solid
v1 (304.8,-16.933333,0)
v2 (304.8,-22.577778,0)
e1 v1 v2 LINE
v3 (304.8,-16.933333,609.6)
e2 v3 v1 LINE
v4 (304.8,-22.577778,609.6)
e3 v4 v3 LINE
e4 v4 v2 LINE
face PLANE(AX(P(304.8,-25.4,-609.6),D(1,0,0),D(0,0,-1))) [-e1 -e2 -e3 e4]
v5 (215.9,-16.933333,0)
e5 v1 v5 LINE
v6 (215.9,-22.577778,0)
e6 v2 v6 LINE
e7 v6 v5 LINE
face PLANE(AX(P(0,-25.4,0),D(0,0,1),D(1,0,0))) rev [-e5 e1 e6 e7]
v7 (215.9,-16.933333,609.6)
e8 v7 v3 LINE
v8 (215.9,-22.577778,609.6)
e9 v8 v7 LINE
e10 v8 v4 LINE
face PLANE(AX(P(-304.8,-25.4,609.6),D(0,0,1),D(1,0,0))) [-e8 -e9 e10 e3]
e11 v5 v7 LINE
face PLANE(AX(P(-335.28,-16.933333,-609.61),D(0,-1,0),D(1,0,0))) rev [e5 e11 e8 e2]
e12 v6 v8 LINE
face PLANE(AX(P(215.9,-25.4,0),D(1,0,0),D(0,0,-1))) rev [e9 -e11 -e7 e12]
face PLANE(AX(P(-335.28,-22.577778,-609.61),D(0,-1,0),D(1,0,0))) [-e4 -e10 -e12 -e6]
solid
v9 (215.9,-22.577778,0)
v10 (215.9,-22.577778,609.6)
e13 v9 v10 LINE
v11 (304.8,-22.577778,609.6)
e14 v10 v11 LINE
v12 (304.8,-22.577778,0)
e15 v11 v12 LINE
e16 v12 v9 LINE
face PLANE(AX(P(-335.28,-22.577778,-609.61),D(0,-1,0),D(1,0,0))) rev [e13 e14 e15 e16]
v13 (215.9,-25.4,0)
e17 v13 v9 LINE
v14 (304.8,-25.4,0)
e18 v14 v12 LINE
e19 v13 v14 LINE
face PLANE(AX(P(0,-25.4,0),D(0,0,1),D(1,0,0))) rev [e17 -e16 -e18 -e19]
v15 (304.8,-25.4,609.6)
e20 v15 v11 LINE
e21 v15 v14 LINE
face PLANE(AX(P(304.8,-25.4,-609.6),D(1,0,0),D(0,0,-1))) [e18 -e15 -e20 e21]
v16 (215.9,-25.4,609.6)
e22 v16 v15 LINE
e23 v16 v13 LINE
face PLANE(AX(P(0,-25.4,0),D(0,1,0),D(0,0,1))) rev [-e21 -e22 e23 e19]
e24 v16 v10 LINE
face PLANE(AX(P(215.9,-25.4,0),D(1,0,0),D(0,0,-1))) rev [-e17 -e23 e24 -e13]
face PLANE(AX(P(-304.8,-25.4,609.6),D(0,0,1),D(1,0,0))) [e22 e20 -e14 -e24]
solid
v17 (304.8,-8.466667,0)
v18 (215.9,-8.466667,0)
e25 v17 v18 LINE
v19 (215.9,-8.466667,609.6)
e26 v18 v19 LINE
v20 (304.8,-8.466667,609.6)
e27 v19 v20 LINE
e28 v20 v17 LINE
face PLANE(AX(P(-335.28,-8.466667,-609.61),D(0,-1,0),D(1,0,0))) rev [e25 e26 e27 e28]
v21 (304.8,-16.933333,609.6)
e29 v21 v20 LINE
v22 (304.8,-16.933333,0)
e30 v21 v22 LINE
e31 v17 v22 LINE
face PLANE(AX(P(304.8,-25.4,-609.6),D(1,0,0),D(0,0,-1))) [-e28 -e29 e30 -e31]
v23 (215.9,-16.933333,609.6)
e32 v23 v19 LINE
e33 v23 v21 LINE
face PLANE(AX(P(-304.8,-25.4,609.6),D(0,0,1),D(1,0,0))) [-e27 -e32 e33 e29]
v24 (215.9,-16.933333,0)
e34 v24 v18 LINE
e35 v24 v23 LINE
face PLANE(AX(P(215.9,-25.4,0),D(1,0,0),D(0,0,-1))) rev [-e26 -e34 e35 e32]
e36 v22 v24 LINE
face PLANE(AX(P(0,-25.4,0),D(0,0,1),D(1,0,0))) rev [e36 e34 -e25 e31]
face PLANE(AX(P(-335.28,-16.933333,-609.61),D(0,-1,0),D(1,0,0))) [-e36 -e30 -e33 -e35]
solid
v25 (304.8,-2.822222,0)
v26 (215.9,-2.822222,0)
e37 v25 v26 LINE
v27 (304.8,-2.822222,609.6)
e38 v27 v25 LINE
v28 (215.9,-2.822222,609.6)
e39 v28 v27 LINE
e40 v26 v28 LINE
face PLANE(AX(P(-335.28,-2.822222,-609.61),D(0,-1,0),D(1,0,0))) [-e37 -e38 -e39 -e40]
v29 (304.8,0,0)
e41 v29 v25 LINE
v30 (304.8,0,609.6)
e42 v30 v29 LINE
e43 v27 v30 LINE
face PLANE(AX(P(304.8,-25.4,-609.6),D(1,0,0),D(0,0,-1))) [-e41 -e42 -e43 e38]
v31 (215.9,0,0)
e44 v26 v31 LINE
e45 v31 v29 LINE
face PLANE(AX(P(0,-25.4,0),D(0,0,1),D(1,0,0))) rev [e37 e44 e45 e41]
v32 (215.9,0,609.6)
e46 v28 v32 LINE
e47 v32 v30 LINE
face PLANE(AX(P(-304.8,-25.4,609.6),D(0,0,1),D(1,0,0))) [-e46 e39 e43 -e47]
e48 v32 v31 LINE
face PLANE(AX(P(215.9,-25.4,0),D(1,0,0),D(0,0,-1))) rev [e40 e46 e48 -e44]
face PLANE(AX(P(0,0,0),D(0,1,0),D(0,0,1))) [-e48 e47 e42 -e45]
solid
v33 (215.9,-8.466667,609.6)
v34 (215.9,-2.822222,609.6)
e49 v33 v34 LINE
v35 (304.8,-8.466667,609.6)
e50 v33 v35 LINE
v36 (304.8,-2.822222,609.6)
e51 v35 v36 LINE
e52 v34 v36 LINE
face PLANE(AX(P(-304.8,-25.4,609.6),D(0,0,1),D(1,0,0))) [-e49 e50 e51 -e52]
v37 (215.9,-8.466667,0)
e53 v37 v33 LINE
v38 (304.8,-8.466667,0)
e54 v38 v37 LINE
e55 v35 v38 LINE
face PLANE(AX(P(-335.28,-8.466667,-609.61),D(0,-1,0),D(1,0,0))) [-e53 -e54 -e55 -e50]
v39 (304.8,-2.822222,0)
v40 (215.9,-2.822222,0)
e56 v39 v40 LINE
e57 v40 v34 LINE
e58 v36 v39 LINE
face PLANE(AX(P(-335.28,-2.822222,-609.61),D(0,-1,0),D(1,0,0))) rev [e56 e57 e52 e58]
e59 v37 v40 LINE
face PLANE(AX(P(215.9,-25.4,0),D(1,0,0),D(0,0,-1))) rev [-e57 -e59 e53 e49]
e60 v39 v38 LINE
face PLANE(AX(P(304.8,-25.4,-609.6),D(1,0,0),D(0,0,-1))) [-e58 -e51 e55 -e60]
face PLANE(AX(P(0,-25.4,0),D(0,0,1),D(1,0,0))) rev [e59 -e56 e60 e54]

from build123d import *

# Parameters (mm, degrees)
SKETCH3_W                = 609.6
SKETCH3_H                = 1219.2
BOSS_EXTRUDE1_DEPTH      = 25.4
SPLIT1_SURFACE_1_1_BACK  = 1364.344
SPLIT1_SURFACE_1_1_DEPTH = 2728.688
SPLIT1_SURFACE_1_2_BACK  = 1364.344
SPLIT1_SURFACE_1_2_DEPTH = 2728.688
SPLIT1_SURFACE_2_3_BACK  = 1364.344
SPLIT1_SURFACE_2_3_DEPTH = 2728.688
SPLIT1_SURFACE_2_4_BACK  = 1364.344
SPLIT1_SURFACE_2_4_DEPTH = 2728.688
SPLIT1_SURFACE_3_5_BACK  = 1364.344
SPLIT1_SURFACE_3_5_DEPTH = 2728.688
SPLIT1_SURFACE_3_6_BACK  = 1364.344
SPLIT1_SURFACE_3_6_DEPTH = 2728.688
SPLIT1_SURFACE_4_7_BACK  = 1364.344
SPLIT1_SURFACE_4_7_DEPTH = 2728.688
SPLIT1_SURFACE_4_8_BACK  = 1364.344
SPLIT1_SURFACE_4_8_DEPTH = 2728.688
CUT_EXTRUDE1_DEPTH       = 25.4


with BuildPart() as part:
    # Sketch3 → Boss-Extrude1 (new body)
    with BuildSketch(Plane(origin=(0, 0, 0), x_dir=(1, 0, 0), z_dir=(0, 1, 0))):
        Rectangle(SKETCH3_W, SKETCH3_H)
    extrude(amount=-BOSS_EXTRUDE1_DEPTH)


with BuildPart() as body_2:
    # Split1: the piece behind the surface
    add(part.part)
    # Split1 surface 1: a surface, the sketch's curves swept straight by 2728.688 mm
    with BuildLine(Plane.XY.offset(-SPLIT1_SURFACE_1_1_BACK), mode=Mode.PRIVATE) as split1_surface_1_1_path:
        Line((-335.28, -22.577777778), (335.28, -22.577777778))
    split1_surface_1_1 = Shell.extrude(split1_surface_1_1_path.wire(), (0 * SPLIT1_SURFACE_1_1_DEPTH, 0 * SPLIT1_SURFACE_1_1_DEPTH, 1 * SPLIT1_SURFACE_1_1_DEPTH))
    split(bisect_by=split1_surface_1_1, keep=Keep.BOTTOM)


with BuildPart() as part_1:
    add(part.part)

    # Split1: split by a surface, the side it looks to stays
    # Split1 surface 1: a surface, the sketch's curves swept straight by 2728.688 mm
    with BuildLine(Plane.XY.offset(-SPLIT1_SURFACE_1_2_BACK), mode=Mode.PRIVATE) as split1_surface_1_2_path:
        Line((-335.28, -22.577777778), (335.28, -22.577777778))
    split1_surface_1_2 = Shell.extrude(split1_surface_1_2_path.wire(), (0 * SPLIT1_SURFACE_1_2_DEPTH, 0 * SPLIT1_SURFACE_1_2_DEPTH, 1 * SPLIT1_SURFACE_1_2_DEPTH))
    split(bisect_by=split1_surface_1_2, keep=Keep.TOP)


with BuildPart() as body_3:
    # Split1 2: the piece behind the surface
    add(part_1.part)
    # Split1 surface 2: a surface, the sketch's curves swept straight by 2728.688 mm
    with BuildLine(Plane.XY.offset(-SPLIT1_SURFACE_2_3_BACK), mode=Mode.PRIVATE) as split1_surface_2_3_path:
        Line((-335.28, -16.933333333), (335.28, -16.933333333))
    split1_surface_2_3 = Shell.extrude(split1_surface_2_3_path.wire(), (0 * SPLIT1_SURFACE_2_3_DEPTH, 0 * SPLIT1_SURFACE_2_3_DEPTH, 1 * SPLIT1_SURFACE_2_3_DEPTH))
    split(bisect_by=split1_surface_2_3, keep=Keep.BOTTOM)


with BuildPart() as part_2:
    add(part_1.part)

    # Split1 2: split by a surface, the side it looks to stays
    # Split1 surface 2: a surface, the sketch's curves swept straight by 2728.688 mm
    with BuildLine(Plane.XY.offset(-SPLIT1_SURFACE_2_4_BACK), mode=Mode.PRIVATE) as split1_surface_2_4_path:
        Line((-335.28, -16.933333333), (335.28, -16.933333333))
    split1_surface_2_4 = Shell.extrude(split1_surface_2_4_path.wire(), (0 * SPLIT1_SURFACE_2_4_DEPTH, 0 * SPLIT1_SURFACE_2_4_DEPTH, 1 * SPLIT1_SURFACE_2_4_DEPTH))
    split(bisect_by=split1_surface_2_4, keep=Keep.TOP)


with BuildPart() as body_4_2:
    # Split1 3: the piece behind the surface
    add(part_2.part)
    # Split1 surface 3: a surface, the sketch's curves swept straight by 2728.688 mm
    with BuildLine(Plane.XY.offset(-SPLIT1_SURFACE_3_5_BACK), mode=Mode.PRIVATE) as split1_surface_3_5_path:
        Line((-335.28, -2.822222222), (335.28, -2.822222222))
    split1_surface_3_5 = Shell.extrude(split1_surface_3_5_path.wire(), (0 * SPLIT1_SURFACE_3_5_DEPTH, 0 * SPLIT1_SURFACE_3_5_DEPTH, 1 * SPLIT1_SURFACE_3_5_DEPTH))
    split(bisect_by=split1_surface_3_5, keep=Keep.BOTTOM)


with BuildPart() as part_3:
    add(part_2.part)

    # Split1 3: split by a surface, the side it looks to stays
    # Split1 surface 3: a surface, the sketch's curves swept straight by 2728.688 mm
    with BuildLine(Plane.XY.offset(-SPLIT1_SURFACE_3_6_BACK), mode=Mode.PRIVATE) as split1_surface_3_6_path:
        Line((-335.28, -2.822222222), (335.28, -2.822222222))
    split1_surface_3_6 = Shell.extrude(split1_surface_3_6_path.wire(), (0 * SPLIT1_SURFACE_3_6_DEPTH, 0 * SPLIT1_SURFACE_3_6_DEPTH, 1 * SPLIT1_SURFACE_3_6_DEPTH))
    split(bisect_by=split1_surface_3_6, keep=Keep.TOP)


with BuildPart() as body_5_2:
    # Split1 4 body 4 2: the piece behind the surface
    add(body_4_2.part)
    # Split1 surface 4: a surface, the sketch's curves swept straight by 2728.688 mm
    with BuildLine(Plane.XY.offset(-SPLIT1_SURFACE_4_7_BACK), mode=Mode.PRIVATE) as split1_surface_4_7_path:
        Line((-335.28, -8.466666667), (335.28, -8.466666667))
    split1_surface_4_7 = Shell.extrude(split1_surface_4_7_path.wire(), (0 * SPLIT1_SURFACE_4_7_DEPTH, 0 * SPLIT1_SURFACE_4_7_DEPTH, 1 * SPLIT1_SURFACE_4_7_DEPTH))
    split(bisect_by=split1_surface_4_7, keep=Keep.BOTTOM)


with BuildPart() as body_4_2_1:
    add(body_4_2.part)

    # Split1 4 body 4 2: split by a surface, the side it looks to stays
    # Split1 surface 4: a surface, the sketch's curves swept straight by 2728.688 mm
    with BuildLine(Plane.XY.offset(-SPLIT1_SURFACE_4_8_BACK), mode=Mode.PRIVATE) as split1_surface_4_8_path:
        Line((-335.28, -8.466666667), (335.28, -8.466666667))
    split1_surface_4_8 = Shell.extrude(split1_surface_4_8_path.wire(), (0 * SPLIT1_SURFACE_4_8_DEPTH, 0 * SPLIT1_SURFACE_4_8_DEPTH, 1 * SPLIT1_SURFACE_4_8_DEPTH))
    split(bisect_by=split1_surface_4_8, keep=Keep.TOP)


with BuildPart() as cut_extrude1_tool:
    # Sketch6 → Cut-Extrude1 (new body)
    with BuildSketch(Plane(origin=(0, 0, 0), x_dir=(1, 0, 0), z_dir=(0, 1, 0))):
        Polygon((-304.8, -609.6), (215.9, -609.6), (215.9, 0), (304.8, 0), (304.8, 609.6), (-304.8, 609.6), align=None)
    extrude(amount=-CUT_EXTRUDE1_DEPTH)


with BuildPart() as part_4:
    add(part_3.part)

    # Cut-Extrude1: cut by cut_extrude1_tool
    add(cut_extrude1_tool.part, mode=Mode.SUBTRACT)


with BuildPart() as body_2_1:
    add(body_2.part)

    # Cut-Extrude1: cut by cut_extrude1_tool
    add(cut_extrude1_tool.part, mode=Mode.SUBTRACT)


with BuildPart() as body_3_1:
    add(body_3.part)

    # Cut-Extrude1: cut by cut_extrude1_tool
    add(cut_extrude1_tool.part, mode=Mode.SUBTRACT)


with BuildPart() as body_4_2_2:
    add(body_4_2_1.part)

    # Cut-Extrude1: cut by cut_extrude1_tool
    add(cut_extrude1_tool.part, mode=Mode.SUBTRACT)


with BuildPart() as body_5_2_1:
    add(body_5_2.part)

    # Cut-Extrude1: cut by cut_extrude1_tool
    add(cut_extrude1_tool.part, mode=Mode.SUBTRACT)


solid = Compound([part_4.part, body_2_1.part, body_3_1.part, body_4_2_2.part, body_5_2_1.part])
